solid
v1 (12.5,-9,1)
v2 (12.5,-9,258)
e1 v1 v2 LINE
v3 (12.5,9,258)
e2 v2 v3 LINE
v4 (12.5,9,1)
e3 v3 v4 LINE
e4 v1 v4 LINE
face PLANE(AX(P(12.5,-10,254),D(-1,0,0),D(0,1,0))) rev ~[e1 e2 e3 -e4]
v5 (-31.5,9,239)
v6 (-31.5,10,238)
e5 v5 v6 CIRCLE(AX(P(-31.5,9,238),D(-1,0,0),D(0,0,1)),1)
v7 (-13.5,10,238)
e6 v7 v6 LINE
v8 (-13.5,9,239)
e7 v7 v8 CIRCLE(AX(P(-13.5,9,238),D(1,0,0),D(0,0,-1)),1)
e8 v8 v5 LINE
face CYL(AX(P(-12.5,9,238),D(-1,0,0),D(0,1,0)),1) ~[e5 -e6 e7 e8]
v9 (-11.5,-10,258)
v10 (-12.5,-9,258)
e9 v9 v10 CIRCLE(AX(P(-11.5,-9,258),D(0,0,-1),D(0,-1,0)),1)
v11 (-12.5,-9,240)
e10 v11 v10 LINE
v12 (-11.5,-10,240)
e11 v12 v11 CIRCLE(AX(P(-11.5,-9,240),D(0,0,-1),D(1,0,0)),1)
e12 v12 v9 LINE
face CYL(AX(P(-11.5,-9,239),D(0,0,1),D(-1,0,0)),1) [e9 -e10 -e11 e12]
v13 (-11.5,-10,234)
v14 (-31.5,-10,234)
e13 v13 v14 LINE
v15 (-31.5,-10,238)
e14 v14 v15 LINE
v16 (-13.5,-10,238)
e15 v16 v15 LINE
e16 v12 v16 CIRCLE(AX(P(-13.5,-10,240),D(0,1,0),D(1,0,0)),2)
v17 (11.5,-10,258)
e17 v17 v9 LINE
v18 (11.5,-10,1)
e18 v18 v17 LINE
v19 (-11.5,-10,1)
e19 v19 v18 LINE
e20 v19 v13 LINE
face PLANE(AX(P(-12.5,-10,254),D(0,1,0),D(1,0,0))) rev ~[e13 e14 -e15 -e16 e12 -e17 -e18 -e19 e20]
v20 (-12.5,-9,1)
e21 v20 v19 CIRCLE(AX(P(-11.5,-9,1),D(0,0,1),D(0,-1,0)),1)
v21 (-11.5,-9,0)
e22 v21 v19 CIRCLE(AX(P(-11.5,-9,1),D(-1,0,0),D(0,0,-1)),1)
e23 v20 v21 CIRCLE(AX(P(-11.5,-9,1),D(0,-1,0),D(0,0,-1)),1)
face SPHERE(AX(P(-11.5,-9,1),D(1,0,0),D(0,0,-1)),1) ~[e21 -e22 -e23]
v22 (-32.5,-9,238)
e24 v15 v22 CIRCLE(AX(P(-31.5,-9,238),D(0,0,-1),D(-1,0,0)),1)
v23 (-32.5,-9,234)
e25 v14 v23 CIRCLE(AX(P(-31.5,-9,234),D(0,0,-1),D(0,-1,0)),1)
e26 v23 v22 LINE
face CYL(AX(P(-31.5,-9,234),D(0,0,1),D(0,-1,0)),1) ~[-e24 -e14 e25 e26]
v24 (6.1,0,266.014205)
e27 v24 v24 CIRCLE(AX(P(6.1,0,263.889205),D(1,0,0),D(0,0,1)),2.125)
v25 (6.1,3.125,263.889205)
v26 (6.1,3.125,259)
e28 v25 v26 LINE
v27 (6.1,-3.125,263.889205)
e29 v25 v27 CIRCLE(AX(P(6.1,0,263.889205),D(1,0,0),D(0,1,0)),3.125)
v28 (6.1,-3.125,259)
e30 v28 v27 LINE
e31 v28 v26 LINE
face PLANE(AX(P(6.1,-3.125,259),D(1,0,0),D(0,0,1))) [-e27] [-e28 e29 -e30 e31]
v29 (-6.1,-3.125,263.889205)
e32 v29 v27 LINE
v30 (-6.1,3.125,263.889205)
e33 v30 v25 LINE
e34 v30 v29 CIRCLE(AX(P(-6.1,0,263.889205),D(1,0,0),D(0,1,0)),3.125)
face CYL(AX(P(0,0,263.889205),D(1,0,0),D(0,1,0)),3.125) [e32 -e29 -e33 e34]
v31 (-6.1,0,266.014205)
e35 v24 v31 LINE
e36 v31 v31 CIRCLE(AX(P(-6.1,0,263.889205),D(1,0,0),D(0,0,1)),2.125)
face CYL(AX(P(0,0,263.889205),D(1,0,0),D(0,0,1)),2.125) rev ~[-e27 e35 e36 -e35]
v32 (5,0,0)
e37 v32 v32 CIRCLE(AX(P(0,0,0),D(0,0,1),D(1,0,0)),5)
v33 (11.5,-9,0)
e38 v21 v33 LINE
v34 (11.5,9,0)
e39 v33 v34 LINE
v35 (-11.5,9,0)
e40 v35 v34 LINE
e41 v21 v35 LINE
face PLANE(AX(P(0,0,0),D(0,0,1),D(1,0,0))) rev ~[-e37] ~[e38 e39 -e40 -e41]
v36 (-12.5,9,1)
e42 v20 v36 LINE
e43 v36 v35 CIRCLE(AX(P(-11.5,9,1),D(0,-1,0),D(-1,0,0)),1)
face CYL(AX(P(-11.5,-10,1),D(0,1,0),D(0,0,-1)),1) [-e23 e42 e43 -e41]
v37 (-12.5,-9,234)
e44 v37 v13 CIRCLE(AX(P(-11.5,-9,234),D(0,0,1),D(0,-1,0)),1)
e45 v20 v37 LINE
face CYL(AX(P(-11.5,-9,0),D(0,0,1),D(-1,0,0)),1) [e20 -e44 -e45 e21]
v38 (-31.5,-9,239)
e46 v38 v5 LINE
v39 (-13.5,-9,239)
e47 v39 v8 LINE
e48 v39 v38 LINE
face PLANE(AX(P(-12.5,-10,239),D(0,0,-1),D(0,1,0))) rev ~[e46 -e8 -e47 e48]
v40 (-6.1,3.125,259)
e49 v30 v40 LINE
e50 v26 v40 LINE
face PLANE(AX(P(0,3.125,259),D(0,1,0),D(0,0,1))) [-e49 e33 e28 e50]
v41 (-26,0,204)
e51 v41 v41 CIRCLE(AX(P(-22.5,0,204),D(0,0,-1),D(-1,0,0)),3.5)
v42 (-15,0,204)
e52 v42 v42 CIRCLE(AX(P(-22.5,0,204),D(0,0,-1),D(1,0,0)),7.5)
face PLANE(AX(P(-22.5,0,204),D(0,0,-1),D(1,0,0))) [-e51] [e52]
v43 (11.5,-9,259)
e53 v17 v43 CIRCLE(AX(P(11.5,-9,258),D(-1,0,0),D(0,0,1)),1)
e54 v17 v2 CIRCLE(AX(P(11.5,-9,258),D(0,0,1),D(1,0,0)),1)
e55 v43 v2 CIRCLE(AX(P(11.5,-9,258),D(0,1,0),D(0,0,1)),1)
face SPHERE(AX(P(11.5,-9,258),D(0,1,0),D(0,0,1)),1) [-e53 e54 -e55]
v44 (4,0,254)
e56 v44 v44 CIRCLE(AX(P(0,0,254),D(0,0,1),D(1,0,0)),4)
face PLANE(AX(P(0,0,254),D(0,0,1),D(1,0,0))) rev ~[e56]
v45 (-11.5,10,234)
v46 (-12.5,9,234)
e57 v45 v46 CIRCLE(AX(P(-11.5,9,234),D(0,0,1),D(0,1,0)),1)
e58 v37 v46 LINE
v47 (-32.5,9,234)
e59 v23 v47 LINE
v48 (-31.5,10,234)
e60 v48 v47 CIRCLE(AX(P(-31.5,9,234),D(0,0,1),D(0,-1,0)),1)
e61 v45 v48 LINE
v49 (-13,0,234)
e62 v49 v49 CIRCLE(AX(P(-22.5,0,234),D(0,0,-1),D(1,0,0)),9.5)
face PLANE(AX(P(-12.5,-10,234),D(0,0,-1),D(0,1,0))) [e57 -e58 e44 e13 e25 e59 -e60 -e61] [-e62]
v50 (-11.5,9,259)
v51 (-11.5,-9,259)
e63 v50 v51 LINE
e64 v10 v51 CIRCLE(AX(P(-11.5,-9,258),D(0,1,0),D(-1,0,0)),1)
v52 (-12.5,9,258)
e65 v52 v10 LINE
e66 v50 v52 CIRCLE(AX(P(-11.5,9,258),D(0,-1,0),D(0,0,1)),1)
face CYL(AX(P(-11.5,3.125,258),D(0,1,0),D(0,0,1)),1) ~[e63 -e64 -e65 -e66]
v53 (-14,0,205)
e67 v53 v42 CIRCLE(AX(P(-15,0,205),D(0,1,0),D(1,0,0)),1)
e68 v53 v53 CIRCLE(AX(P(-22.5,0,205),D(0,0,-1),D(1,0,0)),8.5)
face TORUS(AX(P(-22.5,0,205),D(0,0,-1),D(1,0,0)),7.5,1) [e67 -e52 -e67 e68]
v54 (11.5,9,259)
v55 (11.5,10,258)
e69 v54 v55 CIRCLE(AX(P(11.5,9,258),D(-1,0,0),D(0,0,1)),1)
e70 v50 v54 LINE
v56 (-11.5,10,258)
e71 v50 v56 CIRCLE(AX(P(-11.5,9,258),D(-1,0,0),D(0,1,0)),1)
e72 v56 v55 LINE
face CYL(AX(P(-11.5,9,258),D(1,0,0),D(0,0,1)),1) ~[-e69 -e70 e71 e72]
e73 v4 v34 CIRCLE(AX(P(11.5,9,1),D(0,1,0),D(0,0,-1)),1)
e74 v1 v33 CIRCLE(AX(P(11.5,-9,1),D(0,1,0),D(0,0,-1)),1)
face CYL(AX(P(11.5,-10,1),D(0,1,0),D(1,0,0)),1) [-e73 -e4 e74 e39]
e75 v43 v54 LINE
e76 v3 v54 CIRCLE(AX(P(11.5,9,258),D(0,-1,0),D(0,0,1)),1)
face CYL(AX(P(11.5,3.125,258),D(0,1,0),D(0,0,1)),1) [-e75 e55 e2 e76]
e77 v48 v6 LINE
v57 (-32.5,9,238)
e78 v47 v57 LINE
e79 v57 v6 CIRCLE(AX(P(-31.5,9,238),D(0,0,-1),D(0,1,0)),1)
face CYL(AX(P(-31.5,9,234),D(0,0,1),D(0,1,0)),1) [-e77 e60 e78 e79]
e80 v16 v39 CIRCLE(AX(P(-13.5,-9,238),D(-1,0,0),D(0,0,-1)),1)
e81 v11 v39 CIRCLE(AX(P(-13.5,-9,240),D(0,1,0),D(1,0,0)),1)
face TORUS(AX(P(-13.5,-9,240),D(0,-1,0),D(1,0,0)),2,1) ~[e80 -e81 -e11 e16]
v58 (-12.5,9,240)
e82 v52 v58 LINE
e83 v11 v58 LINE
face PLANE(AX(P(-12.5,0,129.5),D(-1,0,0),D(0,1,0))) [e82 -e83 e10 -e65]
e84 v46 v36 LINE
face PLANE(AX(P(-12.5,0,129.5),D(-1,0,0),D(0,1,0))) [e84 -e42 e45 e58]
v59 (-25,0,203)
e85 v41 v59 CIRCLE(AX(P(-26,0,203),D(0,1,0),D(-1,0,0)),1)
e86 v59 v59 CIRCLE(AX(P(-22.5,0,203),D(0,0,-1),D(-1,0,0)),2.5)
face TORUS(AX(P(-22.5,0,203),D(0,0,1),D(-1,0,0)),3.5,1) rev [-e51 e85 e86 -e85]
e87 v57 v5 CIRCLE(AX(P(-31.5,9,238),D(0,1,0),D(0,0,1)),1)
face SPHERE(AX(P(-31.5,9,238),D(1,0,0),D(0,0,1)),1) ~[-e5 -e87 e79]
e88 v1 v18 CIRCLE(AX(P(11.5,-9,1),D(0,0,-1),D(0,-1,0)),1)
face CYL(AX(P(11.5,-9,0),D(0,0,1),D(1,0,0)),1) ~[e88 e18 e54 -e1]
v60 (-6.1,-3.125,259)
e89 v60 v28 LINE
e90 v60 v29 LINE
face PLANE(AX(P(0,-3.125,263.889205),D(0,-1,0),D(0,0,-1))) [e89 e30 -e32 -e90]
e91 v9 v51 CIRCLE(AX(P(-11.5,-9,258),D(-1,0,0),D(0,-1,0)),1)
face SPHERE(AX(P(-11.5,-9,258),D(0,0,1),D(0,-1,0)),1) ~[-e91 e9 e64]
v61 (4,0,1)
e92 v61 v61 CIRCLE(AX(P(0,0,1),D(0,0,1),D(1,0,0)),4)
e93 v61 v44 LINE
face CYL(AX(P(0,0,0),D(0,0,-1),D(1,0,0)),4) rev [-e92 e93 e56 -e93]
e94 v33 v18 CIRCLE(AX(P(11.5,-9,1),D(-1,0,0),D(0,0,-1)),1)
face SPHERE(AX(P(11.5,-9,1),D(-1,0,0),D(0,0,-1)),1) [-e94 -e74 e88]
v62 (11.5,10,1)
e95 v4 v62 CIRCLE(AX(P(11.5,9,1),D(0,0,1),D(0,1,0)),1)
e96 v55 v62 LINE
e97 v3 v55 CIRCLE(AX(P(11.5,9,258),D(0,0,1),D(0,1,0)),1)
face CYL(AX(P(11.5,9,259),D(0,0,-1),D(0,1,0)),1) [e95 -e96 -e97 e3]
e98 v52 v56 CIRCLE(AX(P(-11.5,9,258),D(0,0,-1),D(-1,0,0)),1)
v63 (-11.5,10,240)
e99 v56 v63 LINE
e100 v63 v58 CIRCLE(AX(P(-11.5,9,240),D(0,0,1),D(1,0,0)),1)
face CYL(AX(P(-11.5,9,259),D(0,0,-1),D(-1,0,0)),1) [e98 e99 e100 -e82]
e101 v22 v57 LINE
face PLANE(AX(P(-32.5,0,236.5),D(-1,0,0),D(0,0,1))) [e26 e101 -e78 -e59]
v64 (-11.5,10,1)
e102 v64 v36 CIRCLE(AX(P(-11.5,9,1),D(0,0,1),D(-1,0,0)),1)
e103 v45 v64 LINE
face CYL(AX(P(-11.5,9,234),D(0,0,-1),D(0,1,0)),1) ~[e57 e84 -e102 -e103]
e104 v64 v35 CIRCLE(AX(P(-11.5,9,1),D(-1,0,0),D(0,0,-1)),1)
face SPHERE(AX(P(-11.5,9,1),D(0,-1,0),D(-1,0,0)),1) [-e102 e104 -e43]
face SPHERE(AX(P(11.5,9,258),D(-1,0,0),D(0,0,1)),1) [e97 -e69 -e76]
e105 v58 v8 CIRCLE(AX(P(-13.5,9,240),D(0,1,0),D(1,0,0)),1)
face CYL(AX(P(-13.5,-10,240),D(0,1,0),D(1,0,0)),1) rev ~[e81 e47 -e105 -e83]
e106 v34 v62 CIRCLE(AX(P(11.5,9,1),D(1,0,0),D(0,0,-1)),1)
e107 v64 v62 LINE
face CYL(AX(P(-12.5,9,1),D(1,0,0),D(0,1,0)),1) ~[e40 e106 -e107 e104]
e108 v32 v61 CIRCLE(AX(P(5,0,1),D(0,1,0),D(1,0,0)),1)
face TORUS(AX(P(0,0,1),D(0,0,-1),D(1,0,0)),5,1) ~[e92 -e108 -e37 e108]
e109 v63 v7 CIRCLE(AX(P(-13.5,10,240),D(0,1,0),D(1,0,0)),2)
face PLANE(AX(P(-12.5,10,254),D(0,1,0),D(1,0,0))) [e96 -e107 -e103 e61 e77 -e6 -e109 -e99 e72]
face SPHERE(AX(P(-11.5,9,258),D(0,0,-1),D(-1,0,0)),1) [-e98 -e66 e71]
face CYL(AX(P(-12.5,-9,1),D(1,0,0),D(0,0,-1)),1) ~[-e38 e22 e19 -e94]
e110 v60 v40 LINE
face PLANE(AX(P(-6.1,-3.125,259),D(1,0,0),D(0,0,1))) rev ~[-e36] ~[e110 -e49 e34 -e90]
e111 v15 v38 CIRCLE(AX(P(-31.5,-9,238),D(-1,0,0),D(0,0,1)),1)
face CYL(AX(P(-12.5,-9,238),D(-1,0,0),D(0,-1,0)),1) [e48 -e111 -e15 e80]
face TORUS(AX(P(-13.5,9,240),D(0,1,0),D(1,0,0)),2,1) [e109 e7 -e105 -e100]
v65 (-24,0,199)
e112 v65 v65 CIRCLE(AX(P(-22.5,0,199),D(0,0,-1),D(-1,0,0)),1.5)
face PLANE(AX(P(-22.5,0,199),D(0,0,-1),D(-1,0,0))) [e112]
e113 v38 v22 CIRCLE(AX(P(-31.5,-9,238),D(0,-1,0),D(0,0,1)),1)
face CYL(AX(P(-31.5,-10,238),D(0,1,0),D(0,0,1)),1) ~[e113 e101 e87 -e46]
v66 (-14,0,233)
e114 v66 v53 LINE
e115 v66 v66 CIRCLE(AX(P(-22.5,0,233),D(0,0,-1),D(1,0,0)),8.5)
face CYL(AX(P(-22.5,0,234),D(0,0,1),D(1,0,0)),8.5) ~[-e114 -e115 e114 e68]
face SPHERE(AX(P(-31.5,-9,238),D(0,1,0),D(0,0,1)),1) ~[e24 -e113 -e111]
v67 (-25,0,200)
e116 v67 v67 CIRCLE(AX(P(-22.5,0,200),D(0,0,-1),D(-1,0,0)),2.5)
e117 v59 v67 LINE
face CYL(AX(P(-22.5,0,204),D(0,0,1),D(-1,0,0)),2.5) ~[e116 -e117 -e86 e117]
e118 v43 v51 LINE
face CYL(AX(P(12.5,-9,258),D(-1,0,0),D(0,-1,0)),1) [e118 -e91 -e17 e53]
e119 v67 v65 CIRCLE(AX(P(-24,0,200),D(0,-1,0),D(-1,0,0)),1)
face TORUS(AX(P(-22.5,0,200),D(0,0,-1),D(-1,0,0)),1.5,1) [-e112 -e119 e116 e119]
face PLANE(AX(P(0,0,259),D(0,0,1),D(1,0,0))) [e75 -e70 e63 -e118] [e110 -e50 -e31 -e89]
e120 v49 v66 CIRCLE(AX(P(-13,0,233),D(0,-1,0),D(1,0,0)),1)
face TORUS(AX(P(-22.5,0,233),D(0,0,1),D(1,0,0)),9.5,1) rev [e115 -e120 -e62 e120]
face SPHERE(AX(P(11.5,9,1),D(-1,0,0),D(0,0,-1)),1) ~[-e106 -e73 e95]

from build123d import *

# Parameters (mm, degrees)
SKETCH1_W                       = 25
SKETCH1_H                       = 20
SKETCH1_R                       = 4
BOSS_EXTRUDE1_DEPTH             = 254
SKETCH2_W                       = 25
SKETCH2_H                       = 20
BOSS_EXTRUDE2_DEPTH             = 5
BOSS_EXTRUDE3_REACH             = 261.494
SKETCH6_R                       = 2.125
BOSS_EXTRUDE3_DIRECTION_2_REACH = 261.494
SKETCH7_W                       = 5
SKETCH7_H                       = 20
BOSS_EXTRUDE4_DEPTH             = 20
SKETCH8_R                       = 8.5
BOSS_EXTRUDE5_DEPTH             = 30
SKETCH9_R                       = 2.5
BOSS_EXTRUDE6_DEPTH             = 5
FILLET1_R                       = 1
FILLET2_R                       = 1
CUT_EXTRUDE1_DEPTH              = 10


with BuildPart() as part:
    # Sketch1 → Boss-Extrude1 (new body)
    with BuildSketch(Plane.XY):
        Rectangle(SKETCH1_W, SKETCH1_H)
        Circle(SKETCH1_R, mode=Mode.SUBTRACT)
    extrude(amount=BOSS_EXTRUDE1_DEPTH)

    # Sketch2 → Boss-Extrude2 (add)
    with BuildSketch(Plane.XY.offset(254)):
        Rectangle(SKETCH2_W, SKETCH2_H)
    extrude(amount=BOSS_EXTRUDE2_DEPTH)

    # Boss-Extrude3: up to this face of the body (flat: up to its plane)
    boss_extrude3_end = Plane(part.part.faces().sort_by_distance((12.5, 0, 129.5))[0])
    # Sketch6 → Boss-Extrude3 (add, up to the picked face)
    with BuildSketch(Plane(origin=(0, 0, 0), x_dir=(0, 0, -1), z_dir=(1, 0, 0)), mode=Mode.PRIVATE) as boss_extrude3_sk1:
        with BuildLine():
            Line((-259, -3.125), (-259, 3.125))
            Line((-259, 3.125), (-263.8892053, 3.125))
            ThreePointArc((-263.8892053, 3.125), (-267.0142053, 0), (-263.8892053, -3.125))
            Line((-263.8892053, -3.125), (-259, -3.125))
        make_face()
        with Locations(Location((-263.8892053, 0, 0), (0, 0, 180))):
            Circle(SKETCH6_R, mode=Mode.SUBTRACT)
    boss_extrude3_tool1 = split(extrude(boss_extrude3_sk1.sketch, amount=BOSS_EXTRUDE3_REACH, mode=Mode.PRIVATE), bisect_by=boss_extrude3_end, keep=Keep.BOTH, mode=Mode.PRIVATE)
    add(boss_extrude3_tool1.solids().sort_by(Axis((0, -3.023368, 261.444603), (1, 0, 0)))[0])

    # Boss-Extrude3 direction 2: up to this face of the body (flat: up to its plane)
    boss_extrude3_direction_2_end = Plane(part.part.faces().sort_by_distance((-12.5, 0, 129.5))[0])
    # Sketch6 → Boss-Extrude3 direction 2 (add, up to the picked face)
    with BuildSketch(Plane(origin=(0, 0, 0), x_dir=(0, 0, -1), z_dir=(1, 0, 0)), mode=Mode.PRIVATE) as boss_extrude3_direction_2_sk1:
        with BuildLine():
            Line((-259, -3.125), (-259, 3.125))
            Line((-259, 3.125), (-263.8892053, 3.125))
            ThreePointArc((-263.8892053, 3.125), (-267.0142053, 0), (-263.8892053, -3.125))
            Line((-263.8892053, -3.125), (-259, -3.125))
        make_face()
        with Locations(Location((-263.8892053, 0, 0), (0, 0, 180))):
            Circle(SKETCH6_R, mode=Mode.SUBTRACT)
    boss_extrude3_direction_2_tool1 = split(extrude(boss_extrude3_direction_2_sk1.sketch, amount=-BOSS_EXTRUDE3_DIRECTION_2_REACH, mode=Mode.PRIVATE), bisect_by=boss_extrude3_direction_2_end, keep=Keep.BOTH, mode=Mode.PRIVATE)
    add(boss_extrude3_direction_2_tool1.solids().sort_by(Axis((0, -3.023368, 261.444603), (-1, 0, 0)))[0])

    # Sketch7 → Boss-Extrude4 (add)
    with BuildSketch(Plane.ZY.offset(12.5)):
        with Locations((236.5, 0)):
            Rectangle(SKETCH7_W, SKETCH7_H)
    extrude(amount=BOSS_EXTRUDE4_DEPTH)

    # Sketch8 → Boss-Extrude5 (add)
    with BuildSketch(Plane(origin=(0, 0, 234), x_dir=(-1, 0, 0), z_dir=(0, 0, -1))):
        with Locations(Location((22.5, 0, 0), (0, 0, 180))):
            Circle(SKETCH8_R)
    extrude(amount=BOSS_EXTRUDE5_DEPTH)

    # Sketch9 → Boss-Extrude6 (add)
    with BuildSketch(Plane(origin=(0, 0, 204), x_dir=(-1, 0, 0), z_dir=(0, 0, -1))):
        with Locations((22.5, 0)):
            Circle(SKETCH9_R)
    extrude(amount=BOSS_EXTRUDE6_DEPTH)

    # Fillet1
    fillet1_edges = [part.edges().sort_by_distance(p)[0] for p in [
        (-22.5, 10, 239),
        (-32.5, 0, 239),
        (-22.5, -10, 239),
        (-32.5, 10, 236.5),
        (-32.5, -10, 236.5),
        (-12.5, 0, 239),
        (-31, 0, 234),
        (-31, 0, 204),
        (-20, 0, 204),
        (-20, 0, 199),
        (-12.5, -10, 249),
        (-12.5, 10, 249),
    ]]
    fillet(fillet1_edges, radius=FILLET1_R)

    # Fillet2
    fillet2_edges = [part.edges().sort_by_distance(p)[0] for p in [
        (-4, 0, 0),
        (12.5, -6.5625, 259),
        (0.5, 10, 259),
        (12.5, 6.5625, 259),
        (-12.5, -6.0625, 259),
        (0, -10, 0),
        (-12.5, 0, 0),
        (-12.5, -10, 117),
        (-12.5, 10, 117),
        (0, 10, 0),
        (12.5, 0, 0),
        (12.5, -10, 129.5),
        (0.5, -10, 259),
        (12.5, 10, 129.5),
        (-12.5, 6.0625, 259),
        (-12.207106781, -9.707106781, 259),
        (-12.207106781, 9.707106781, 259),
    ]]
    fillet(fillet2_edges, radius=FILLET2_R)

    # Sketch10 → Cut-Extrude1 (cut)
    with BuildSketch(Plane.XZ.offset(3.125)):
        with BuildLine():
            Line((-6.1, 273.993872031), (-12.920105656, 273.993872031))
            Line((-12.920105656, 273.993872031), (-12.920105656, 258.123960948))
            Line((-12.920105656, 258.123960948), (-12.5, 258))
            ThreePointArc((-12.5, 258), (-12.207106781, 258.707106781), (-11.5, 259))
            Line((-11.5, 259), (-6.1, 259))
            Line((-6.1, 259), (-6.1, 273.993872031))
        make_face()
        with BuildLine():
            Line((11.5, 259), (6.1, 259))
            Line((6.1, 259), (6.1, 273.993872031))
            Line((6.1, 273.993872031), (12.920105656, 273.993872031))
            Line((12.920105656, 273.993872031), (12.920105656, 258.123960948))
            Line((12.920105656, 258.123960948), (12.5, 258))
            ThreePointArc((12.5, 258), (12.207106781, 258.707106781), (11.5, 259))
        make_face()
    extrude(amount=-CUT_EXTRUDE1_DEPTH, mode=Mode.SUBTRACT)


solid = part.part
